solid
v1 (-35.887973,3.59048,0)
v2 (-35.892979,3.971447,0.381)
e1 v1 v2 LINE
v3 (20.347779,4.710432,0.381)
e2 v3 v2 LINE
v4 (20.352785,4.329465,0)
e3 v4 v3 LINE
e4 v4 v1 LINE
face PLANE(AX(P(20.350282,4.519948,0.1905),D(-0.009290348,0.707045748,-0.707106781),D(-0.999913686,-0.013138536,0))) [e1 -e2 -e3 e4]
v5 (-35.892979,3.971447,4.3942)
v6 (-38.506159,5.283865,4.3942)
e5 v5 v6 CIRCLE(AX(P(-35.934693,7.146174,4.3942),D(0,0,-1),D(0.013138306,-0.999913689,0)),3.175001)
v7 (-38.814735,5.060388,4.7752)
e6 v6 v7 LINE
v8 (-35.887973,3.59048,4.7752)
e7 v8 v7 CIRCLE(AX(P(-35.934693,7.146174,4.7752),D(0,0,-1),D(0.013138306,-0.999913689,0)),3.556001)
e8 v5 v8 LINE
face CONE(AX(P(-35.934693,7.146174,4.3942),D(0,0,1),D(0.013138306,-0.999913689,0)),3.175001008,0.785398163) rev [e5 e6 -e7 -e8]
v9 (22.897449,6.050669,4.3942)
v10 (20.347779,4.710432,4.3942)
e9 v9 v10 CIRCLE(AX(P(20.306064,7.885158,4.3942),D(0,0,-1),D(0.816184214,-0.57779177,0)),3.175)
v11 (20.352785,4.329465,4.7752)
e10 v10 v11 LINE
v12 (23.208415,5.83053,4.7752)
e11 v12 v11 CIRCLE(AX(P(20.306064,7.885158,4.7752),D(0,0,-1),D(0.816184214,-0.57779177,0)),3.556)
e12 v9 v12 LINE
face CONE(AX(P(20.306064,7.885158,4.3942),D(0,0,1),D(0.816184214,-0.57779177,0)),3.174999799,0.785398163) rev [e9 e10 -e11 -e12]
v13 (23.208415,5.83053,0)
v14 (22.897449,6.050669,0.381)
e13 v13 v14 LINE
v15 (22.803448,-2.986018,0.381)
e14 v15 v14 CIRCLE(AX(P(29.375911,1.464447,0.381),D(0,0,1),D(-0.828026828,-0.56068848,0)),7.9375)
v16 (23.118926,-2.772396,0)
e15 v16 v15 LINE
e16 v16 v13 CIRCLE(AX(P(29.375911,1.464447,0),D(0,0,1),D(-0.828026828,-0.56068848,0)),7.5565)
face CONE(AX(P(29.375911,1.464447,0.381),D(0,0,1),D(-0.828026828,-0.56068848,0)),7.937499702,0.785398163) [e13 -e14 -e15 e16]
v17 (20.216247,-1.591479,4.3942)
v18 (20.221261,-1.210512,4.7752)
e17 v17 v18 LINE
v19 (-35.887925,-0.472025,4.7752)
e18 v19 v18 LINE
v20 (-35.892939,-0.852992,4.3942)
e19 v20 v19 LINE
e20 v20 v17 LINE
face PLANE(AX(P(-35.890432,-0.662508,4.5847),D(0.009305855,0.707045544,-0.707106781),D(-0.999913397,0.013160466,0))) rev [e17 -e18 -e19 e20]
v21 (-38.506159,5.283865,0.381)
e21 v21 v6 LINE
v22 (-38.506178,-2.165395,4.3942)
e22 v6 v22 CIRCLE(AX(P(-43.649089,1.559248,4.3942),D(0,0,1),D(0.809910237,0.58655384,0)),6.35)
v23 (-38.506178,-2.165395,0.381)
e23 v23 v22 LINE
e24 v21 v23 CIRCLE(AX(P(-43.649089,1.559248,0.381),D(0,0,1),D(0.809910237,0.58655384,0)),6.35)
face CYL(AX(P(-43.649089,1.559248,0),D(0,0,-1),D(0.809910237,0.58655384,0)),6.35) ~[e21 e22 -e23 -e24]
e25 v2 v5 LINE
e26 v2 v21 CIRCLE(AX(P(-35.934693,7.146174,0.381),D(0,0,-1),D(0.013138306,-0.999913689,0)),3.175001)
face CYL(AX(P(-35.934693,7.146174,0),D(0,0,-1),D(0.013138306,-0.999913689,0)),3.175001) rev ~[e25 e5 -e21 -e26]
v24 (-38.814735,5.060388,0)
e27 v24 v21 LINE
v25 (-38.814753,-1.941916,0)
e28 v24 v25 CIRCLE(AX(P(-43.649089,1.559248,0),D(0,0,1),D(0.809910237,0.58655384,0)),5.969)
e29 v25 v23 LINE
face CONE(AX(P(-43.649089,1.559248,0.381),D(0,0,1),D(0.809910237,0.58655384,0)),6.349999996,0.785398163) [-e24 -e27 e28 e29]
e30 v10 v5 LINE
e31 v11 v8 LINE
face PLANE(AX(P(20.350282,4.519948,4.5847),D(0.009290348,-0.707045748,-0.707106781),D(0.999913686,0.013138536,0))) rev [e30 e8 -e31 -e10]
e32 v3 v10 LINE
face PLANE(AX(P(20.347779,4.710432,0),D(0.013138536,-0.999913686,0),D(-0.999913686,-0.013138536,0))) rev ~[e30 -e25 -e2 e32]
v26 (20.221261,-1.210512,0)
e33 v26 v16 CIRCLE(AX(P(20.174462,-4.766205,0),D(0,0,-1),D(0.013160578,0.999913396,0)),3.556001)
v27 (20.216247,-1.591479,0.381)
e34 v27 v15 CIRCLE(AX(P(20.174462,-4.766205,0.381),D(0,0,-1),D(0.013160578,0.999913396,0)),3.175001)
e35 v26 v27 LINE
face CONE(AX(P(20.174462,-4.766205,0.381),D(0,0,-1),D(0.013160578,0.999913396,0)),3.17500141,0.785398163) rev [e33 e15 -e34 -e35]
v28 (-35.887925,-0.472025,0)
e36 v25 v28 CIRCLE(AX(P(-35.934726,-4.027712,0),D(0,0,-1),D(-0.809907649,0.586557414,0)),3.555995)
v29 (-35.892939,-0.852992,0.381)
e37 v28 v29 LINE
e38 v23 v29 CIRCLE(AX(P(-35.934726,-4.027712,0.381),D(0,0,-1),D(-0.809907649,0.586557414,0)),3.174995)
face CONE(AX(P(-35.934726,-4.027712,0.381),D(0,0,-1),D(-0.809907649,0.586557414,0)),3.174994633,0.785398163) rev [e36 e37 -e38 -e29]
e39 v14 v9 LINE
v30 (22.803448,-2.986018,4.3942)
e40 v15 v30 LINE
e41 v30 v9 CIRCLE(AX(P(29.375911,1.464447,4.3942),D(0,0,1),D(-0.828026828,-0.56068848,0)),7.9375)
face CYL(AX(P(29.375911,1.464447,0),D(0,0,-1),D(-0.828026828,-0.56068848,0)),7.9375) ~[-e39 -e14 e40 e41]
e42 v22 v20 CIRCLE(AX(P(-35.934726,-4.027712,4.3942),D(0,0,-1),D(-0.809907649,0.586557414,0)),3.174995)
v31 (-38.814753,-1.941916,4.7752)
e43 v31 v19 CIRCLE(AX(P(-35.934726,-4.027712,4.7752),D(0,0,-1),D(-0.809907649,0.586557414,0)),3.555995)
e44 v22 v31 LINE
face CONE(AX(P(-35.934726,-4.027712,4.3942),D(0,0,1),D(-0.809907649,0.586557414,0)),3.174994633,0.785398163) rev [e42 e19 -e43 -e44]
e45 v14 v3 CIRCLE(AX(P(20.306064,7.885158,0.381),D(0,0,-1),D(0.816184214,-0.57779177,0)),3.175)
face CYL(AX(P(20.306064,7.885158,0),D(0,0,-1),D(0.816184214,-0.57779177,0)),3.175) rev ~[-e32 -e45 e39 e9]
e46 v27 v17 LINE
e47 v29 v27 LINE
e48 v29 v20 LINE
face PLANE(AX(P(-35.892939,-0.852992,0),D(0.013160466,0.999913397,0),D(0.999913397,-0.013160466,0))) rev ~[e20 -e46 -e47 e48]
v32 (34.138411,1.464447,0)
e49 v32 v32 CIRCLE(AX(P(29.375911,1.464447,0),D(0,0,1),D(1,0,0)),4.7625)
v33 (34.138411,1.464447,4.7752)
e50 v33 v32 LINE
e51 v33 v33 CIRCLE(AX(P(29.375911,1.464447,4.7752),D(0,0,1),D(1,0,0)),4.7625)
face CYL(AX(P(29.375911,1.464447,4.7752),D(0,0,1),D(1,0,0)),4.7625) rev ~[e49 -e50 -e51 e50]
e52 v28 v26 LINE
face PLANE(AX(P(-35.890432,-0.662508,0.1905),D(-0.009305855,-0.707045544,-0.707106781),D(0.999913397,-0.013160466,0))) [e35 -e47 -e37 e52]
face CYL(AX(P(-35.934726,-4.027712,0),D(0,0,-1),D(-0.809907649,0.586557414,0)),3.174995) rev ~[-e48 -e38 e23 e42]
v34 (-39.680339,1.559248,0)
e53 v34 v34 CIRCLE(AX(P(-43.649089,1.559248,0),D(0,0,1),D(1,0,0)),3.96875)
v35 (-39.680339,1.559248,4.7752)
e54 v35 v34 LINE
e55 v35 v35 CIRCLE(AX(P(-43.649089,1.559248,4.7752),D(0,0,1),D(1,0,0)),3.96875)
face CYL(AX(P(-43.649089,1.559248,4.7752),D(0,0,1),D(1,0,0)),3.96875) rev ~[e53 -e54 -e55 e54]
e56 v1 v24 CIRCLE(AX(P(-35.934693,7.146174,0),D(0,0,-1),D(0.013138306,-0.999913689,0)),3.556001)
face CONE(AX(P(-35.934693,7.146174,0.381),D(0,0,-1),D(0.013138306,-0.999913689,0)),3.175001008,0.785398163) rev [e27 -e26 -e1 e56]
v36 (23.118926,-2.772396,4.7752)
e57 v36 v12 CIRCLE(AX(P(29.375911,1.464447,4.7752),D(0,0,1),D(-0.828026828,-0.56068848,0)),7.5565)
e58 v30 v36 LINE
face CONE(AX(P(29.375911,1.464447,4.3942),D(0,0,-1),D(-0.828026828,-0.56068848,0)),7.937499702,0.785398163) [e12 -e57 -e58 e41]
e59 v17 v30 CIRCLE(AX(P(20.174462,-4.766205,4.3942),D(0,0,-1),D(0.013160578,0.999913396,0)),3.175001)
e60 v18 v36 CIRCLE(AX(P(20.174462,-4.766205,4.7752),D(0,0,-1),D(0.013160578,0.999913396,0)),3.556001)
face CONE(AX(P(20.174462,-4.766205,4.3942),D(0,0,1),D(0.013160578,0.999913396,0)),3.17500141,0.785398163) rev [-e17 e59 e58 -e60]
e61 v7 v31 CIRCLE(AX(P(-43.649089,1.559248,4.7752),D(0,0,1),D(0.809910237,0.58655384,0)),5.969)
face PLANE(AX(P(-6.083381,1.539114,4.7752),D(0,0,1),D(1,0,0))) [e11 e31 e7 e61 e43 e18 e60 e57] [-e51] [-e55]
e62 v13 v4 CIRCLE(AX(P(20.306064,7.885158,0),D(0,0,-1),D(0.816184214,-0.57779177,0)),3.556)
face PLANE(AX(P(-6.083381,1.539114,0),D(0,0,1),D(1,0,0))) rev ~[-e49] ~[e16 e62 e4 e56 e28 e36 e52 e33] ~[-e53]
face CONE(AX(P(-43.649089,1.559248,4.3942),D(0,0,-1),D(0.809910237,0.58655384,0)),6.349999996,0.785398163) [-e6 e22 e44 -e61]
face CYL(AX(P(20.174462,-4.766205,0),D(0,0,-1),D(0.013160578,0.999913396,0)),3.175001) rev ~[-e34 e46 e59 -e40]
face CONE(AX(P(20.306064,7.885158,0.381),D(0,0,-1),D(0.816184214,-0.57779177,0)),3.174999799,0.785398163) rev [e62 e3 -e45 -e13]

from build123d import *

# Parameters (mm, degrees)
F1_DEPTH = 4.7752
F2_R     = 3.96875
F3_DEPTH = 4.7762
F4_R     = 4.7625
F5_DEPTH = 4.7762
F6_SIZE  = 0.381
F7_SIZE  = 0.381


with BuildPart() as f1:
    # F0 (on Top) → F1 (new body)
    with BuildSketch(Plane.XY):
        with BuildLine():
            ThreePointArc((20.216247, -1.591479), (21.680928, -1.971354), (22.803448, -2.986018))
            ThreePointArc((22.803448, -2.986018), (37.312981, 1.381884), (22.897449, 6.050669))
            ThreePointArc((22.897449, 6.050669), (21.783346, 5.074773), (20.347779, 4.710432))
            Line((20.347779, 4.710432), (-35.892979, 3.971447))
            ThreePointArc((-35.892979, 3.971447), (-37.359656, 4.308902), (-38.506159, 5.283865))
            ThreePointArc((-38.506159, 5.283865), (-49.999089, 1.559265), (-38.506178, -2.165395))
            ThreePointArc((-38.506178, -2.165395), (-37.359647, -1.190426), (-35.892939, -0.852992))
            Line((-35.892939, -0.852992), (20.216247, -1.591479))
        make_face()
    extrude(amount=F1_DEPTH)

    # F2 (on face) → F3 (cut, through all)
    with BuildSketch(Plane.XY.offset(4.7752)):
        with Locations((-43.649089, 1.559248)):
            Circle(F2_R)
    extrude(amount=-F3_DEPTH, mode=Mode.SUBTRACT)

    # F4 (on face) → F5 (cut, through all)
    with BuildSketch(Plane.XY.offset(4.7752)):
        with Locations((29.375911, 1.464447)):
            Circle(F4_R)
    extrude(amount=-F5_DEPTH, mode=Mode.SUBTRACT)

    # F6
    f6_edges = [f1.edges().sort_by_distance(p)[0] for p in [
        (37.312981, 1.381884, 4.7752),
        (21.783346, 5.074773, 4.7752),
        (-7.7726, 4.34094, 4.7752),
        (21.680928, -1.971354, 4.7752),
        (-7.838346, -1.222235, 4.7752),
        (-37.359656, 4.308902, 4.7752),
        (-49.999089, 1.559265, 4.7752),
        (-37.359647, -1.190426, 4.7752),
    ]]
    chamfer(f6_edges, length=F6_SIZE)

    # F7
    f7_edges = [f1.edges().sort_by_distance(p)[0] for p in [
        (-49.999089, 1.559265, 0),
        (-37.359647, -1.190426, 0),
        (-37.359656, 4.308902, 0),
        (-7.838346, -1.222235, 0),
        (-7.7726, 4.34094, 0),
        (21.680928, -1.971354, 0),
        (37.312981, 1.381884, 0),
        (21.783346, 5.074773, 0),
    ]]
    chamfer(f7_edges, length=F7_SIZE)


solid = f1.part
